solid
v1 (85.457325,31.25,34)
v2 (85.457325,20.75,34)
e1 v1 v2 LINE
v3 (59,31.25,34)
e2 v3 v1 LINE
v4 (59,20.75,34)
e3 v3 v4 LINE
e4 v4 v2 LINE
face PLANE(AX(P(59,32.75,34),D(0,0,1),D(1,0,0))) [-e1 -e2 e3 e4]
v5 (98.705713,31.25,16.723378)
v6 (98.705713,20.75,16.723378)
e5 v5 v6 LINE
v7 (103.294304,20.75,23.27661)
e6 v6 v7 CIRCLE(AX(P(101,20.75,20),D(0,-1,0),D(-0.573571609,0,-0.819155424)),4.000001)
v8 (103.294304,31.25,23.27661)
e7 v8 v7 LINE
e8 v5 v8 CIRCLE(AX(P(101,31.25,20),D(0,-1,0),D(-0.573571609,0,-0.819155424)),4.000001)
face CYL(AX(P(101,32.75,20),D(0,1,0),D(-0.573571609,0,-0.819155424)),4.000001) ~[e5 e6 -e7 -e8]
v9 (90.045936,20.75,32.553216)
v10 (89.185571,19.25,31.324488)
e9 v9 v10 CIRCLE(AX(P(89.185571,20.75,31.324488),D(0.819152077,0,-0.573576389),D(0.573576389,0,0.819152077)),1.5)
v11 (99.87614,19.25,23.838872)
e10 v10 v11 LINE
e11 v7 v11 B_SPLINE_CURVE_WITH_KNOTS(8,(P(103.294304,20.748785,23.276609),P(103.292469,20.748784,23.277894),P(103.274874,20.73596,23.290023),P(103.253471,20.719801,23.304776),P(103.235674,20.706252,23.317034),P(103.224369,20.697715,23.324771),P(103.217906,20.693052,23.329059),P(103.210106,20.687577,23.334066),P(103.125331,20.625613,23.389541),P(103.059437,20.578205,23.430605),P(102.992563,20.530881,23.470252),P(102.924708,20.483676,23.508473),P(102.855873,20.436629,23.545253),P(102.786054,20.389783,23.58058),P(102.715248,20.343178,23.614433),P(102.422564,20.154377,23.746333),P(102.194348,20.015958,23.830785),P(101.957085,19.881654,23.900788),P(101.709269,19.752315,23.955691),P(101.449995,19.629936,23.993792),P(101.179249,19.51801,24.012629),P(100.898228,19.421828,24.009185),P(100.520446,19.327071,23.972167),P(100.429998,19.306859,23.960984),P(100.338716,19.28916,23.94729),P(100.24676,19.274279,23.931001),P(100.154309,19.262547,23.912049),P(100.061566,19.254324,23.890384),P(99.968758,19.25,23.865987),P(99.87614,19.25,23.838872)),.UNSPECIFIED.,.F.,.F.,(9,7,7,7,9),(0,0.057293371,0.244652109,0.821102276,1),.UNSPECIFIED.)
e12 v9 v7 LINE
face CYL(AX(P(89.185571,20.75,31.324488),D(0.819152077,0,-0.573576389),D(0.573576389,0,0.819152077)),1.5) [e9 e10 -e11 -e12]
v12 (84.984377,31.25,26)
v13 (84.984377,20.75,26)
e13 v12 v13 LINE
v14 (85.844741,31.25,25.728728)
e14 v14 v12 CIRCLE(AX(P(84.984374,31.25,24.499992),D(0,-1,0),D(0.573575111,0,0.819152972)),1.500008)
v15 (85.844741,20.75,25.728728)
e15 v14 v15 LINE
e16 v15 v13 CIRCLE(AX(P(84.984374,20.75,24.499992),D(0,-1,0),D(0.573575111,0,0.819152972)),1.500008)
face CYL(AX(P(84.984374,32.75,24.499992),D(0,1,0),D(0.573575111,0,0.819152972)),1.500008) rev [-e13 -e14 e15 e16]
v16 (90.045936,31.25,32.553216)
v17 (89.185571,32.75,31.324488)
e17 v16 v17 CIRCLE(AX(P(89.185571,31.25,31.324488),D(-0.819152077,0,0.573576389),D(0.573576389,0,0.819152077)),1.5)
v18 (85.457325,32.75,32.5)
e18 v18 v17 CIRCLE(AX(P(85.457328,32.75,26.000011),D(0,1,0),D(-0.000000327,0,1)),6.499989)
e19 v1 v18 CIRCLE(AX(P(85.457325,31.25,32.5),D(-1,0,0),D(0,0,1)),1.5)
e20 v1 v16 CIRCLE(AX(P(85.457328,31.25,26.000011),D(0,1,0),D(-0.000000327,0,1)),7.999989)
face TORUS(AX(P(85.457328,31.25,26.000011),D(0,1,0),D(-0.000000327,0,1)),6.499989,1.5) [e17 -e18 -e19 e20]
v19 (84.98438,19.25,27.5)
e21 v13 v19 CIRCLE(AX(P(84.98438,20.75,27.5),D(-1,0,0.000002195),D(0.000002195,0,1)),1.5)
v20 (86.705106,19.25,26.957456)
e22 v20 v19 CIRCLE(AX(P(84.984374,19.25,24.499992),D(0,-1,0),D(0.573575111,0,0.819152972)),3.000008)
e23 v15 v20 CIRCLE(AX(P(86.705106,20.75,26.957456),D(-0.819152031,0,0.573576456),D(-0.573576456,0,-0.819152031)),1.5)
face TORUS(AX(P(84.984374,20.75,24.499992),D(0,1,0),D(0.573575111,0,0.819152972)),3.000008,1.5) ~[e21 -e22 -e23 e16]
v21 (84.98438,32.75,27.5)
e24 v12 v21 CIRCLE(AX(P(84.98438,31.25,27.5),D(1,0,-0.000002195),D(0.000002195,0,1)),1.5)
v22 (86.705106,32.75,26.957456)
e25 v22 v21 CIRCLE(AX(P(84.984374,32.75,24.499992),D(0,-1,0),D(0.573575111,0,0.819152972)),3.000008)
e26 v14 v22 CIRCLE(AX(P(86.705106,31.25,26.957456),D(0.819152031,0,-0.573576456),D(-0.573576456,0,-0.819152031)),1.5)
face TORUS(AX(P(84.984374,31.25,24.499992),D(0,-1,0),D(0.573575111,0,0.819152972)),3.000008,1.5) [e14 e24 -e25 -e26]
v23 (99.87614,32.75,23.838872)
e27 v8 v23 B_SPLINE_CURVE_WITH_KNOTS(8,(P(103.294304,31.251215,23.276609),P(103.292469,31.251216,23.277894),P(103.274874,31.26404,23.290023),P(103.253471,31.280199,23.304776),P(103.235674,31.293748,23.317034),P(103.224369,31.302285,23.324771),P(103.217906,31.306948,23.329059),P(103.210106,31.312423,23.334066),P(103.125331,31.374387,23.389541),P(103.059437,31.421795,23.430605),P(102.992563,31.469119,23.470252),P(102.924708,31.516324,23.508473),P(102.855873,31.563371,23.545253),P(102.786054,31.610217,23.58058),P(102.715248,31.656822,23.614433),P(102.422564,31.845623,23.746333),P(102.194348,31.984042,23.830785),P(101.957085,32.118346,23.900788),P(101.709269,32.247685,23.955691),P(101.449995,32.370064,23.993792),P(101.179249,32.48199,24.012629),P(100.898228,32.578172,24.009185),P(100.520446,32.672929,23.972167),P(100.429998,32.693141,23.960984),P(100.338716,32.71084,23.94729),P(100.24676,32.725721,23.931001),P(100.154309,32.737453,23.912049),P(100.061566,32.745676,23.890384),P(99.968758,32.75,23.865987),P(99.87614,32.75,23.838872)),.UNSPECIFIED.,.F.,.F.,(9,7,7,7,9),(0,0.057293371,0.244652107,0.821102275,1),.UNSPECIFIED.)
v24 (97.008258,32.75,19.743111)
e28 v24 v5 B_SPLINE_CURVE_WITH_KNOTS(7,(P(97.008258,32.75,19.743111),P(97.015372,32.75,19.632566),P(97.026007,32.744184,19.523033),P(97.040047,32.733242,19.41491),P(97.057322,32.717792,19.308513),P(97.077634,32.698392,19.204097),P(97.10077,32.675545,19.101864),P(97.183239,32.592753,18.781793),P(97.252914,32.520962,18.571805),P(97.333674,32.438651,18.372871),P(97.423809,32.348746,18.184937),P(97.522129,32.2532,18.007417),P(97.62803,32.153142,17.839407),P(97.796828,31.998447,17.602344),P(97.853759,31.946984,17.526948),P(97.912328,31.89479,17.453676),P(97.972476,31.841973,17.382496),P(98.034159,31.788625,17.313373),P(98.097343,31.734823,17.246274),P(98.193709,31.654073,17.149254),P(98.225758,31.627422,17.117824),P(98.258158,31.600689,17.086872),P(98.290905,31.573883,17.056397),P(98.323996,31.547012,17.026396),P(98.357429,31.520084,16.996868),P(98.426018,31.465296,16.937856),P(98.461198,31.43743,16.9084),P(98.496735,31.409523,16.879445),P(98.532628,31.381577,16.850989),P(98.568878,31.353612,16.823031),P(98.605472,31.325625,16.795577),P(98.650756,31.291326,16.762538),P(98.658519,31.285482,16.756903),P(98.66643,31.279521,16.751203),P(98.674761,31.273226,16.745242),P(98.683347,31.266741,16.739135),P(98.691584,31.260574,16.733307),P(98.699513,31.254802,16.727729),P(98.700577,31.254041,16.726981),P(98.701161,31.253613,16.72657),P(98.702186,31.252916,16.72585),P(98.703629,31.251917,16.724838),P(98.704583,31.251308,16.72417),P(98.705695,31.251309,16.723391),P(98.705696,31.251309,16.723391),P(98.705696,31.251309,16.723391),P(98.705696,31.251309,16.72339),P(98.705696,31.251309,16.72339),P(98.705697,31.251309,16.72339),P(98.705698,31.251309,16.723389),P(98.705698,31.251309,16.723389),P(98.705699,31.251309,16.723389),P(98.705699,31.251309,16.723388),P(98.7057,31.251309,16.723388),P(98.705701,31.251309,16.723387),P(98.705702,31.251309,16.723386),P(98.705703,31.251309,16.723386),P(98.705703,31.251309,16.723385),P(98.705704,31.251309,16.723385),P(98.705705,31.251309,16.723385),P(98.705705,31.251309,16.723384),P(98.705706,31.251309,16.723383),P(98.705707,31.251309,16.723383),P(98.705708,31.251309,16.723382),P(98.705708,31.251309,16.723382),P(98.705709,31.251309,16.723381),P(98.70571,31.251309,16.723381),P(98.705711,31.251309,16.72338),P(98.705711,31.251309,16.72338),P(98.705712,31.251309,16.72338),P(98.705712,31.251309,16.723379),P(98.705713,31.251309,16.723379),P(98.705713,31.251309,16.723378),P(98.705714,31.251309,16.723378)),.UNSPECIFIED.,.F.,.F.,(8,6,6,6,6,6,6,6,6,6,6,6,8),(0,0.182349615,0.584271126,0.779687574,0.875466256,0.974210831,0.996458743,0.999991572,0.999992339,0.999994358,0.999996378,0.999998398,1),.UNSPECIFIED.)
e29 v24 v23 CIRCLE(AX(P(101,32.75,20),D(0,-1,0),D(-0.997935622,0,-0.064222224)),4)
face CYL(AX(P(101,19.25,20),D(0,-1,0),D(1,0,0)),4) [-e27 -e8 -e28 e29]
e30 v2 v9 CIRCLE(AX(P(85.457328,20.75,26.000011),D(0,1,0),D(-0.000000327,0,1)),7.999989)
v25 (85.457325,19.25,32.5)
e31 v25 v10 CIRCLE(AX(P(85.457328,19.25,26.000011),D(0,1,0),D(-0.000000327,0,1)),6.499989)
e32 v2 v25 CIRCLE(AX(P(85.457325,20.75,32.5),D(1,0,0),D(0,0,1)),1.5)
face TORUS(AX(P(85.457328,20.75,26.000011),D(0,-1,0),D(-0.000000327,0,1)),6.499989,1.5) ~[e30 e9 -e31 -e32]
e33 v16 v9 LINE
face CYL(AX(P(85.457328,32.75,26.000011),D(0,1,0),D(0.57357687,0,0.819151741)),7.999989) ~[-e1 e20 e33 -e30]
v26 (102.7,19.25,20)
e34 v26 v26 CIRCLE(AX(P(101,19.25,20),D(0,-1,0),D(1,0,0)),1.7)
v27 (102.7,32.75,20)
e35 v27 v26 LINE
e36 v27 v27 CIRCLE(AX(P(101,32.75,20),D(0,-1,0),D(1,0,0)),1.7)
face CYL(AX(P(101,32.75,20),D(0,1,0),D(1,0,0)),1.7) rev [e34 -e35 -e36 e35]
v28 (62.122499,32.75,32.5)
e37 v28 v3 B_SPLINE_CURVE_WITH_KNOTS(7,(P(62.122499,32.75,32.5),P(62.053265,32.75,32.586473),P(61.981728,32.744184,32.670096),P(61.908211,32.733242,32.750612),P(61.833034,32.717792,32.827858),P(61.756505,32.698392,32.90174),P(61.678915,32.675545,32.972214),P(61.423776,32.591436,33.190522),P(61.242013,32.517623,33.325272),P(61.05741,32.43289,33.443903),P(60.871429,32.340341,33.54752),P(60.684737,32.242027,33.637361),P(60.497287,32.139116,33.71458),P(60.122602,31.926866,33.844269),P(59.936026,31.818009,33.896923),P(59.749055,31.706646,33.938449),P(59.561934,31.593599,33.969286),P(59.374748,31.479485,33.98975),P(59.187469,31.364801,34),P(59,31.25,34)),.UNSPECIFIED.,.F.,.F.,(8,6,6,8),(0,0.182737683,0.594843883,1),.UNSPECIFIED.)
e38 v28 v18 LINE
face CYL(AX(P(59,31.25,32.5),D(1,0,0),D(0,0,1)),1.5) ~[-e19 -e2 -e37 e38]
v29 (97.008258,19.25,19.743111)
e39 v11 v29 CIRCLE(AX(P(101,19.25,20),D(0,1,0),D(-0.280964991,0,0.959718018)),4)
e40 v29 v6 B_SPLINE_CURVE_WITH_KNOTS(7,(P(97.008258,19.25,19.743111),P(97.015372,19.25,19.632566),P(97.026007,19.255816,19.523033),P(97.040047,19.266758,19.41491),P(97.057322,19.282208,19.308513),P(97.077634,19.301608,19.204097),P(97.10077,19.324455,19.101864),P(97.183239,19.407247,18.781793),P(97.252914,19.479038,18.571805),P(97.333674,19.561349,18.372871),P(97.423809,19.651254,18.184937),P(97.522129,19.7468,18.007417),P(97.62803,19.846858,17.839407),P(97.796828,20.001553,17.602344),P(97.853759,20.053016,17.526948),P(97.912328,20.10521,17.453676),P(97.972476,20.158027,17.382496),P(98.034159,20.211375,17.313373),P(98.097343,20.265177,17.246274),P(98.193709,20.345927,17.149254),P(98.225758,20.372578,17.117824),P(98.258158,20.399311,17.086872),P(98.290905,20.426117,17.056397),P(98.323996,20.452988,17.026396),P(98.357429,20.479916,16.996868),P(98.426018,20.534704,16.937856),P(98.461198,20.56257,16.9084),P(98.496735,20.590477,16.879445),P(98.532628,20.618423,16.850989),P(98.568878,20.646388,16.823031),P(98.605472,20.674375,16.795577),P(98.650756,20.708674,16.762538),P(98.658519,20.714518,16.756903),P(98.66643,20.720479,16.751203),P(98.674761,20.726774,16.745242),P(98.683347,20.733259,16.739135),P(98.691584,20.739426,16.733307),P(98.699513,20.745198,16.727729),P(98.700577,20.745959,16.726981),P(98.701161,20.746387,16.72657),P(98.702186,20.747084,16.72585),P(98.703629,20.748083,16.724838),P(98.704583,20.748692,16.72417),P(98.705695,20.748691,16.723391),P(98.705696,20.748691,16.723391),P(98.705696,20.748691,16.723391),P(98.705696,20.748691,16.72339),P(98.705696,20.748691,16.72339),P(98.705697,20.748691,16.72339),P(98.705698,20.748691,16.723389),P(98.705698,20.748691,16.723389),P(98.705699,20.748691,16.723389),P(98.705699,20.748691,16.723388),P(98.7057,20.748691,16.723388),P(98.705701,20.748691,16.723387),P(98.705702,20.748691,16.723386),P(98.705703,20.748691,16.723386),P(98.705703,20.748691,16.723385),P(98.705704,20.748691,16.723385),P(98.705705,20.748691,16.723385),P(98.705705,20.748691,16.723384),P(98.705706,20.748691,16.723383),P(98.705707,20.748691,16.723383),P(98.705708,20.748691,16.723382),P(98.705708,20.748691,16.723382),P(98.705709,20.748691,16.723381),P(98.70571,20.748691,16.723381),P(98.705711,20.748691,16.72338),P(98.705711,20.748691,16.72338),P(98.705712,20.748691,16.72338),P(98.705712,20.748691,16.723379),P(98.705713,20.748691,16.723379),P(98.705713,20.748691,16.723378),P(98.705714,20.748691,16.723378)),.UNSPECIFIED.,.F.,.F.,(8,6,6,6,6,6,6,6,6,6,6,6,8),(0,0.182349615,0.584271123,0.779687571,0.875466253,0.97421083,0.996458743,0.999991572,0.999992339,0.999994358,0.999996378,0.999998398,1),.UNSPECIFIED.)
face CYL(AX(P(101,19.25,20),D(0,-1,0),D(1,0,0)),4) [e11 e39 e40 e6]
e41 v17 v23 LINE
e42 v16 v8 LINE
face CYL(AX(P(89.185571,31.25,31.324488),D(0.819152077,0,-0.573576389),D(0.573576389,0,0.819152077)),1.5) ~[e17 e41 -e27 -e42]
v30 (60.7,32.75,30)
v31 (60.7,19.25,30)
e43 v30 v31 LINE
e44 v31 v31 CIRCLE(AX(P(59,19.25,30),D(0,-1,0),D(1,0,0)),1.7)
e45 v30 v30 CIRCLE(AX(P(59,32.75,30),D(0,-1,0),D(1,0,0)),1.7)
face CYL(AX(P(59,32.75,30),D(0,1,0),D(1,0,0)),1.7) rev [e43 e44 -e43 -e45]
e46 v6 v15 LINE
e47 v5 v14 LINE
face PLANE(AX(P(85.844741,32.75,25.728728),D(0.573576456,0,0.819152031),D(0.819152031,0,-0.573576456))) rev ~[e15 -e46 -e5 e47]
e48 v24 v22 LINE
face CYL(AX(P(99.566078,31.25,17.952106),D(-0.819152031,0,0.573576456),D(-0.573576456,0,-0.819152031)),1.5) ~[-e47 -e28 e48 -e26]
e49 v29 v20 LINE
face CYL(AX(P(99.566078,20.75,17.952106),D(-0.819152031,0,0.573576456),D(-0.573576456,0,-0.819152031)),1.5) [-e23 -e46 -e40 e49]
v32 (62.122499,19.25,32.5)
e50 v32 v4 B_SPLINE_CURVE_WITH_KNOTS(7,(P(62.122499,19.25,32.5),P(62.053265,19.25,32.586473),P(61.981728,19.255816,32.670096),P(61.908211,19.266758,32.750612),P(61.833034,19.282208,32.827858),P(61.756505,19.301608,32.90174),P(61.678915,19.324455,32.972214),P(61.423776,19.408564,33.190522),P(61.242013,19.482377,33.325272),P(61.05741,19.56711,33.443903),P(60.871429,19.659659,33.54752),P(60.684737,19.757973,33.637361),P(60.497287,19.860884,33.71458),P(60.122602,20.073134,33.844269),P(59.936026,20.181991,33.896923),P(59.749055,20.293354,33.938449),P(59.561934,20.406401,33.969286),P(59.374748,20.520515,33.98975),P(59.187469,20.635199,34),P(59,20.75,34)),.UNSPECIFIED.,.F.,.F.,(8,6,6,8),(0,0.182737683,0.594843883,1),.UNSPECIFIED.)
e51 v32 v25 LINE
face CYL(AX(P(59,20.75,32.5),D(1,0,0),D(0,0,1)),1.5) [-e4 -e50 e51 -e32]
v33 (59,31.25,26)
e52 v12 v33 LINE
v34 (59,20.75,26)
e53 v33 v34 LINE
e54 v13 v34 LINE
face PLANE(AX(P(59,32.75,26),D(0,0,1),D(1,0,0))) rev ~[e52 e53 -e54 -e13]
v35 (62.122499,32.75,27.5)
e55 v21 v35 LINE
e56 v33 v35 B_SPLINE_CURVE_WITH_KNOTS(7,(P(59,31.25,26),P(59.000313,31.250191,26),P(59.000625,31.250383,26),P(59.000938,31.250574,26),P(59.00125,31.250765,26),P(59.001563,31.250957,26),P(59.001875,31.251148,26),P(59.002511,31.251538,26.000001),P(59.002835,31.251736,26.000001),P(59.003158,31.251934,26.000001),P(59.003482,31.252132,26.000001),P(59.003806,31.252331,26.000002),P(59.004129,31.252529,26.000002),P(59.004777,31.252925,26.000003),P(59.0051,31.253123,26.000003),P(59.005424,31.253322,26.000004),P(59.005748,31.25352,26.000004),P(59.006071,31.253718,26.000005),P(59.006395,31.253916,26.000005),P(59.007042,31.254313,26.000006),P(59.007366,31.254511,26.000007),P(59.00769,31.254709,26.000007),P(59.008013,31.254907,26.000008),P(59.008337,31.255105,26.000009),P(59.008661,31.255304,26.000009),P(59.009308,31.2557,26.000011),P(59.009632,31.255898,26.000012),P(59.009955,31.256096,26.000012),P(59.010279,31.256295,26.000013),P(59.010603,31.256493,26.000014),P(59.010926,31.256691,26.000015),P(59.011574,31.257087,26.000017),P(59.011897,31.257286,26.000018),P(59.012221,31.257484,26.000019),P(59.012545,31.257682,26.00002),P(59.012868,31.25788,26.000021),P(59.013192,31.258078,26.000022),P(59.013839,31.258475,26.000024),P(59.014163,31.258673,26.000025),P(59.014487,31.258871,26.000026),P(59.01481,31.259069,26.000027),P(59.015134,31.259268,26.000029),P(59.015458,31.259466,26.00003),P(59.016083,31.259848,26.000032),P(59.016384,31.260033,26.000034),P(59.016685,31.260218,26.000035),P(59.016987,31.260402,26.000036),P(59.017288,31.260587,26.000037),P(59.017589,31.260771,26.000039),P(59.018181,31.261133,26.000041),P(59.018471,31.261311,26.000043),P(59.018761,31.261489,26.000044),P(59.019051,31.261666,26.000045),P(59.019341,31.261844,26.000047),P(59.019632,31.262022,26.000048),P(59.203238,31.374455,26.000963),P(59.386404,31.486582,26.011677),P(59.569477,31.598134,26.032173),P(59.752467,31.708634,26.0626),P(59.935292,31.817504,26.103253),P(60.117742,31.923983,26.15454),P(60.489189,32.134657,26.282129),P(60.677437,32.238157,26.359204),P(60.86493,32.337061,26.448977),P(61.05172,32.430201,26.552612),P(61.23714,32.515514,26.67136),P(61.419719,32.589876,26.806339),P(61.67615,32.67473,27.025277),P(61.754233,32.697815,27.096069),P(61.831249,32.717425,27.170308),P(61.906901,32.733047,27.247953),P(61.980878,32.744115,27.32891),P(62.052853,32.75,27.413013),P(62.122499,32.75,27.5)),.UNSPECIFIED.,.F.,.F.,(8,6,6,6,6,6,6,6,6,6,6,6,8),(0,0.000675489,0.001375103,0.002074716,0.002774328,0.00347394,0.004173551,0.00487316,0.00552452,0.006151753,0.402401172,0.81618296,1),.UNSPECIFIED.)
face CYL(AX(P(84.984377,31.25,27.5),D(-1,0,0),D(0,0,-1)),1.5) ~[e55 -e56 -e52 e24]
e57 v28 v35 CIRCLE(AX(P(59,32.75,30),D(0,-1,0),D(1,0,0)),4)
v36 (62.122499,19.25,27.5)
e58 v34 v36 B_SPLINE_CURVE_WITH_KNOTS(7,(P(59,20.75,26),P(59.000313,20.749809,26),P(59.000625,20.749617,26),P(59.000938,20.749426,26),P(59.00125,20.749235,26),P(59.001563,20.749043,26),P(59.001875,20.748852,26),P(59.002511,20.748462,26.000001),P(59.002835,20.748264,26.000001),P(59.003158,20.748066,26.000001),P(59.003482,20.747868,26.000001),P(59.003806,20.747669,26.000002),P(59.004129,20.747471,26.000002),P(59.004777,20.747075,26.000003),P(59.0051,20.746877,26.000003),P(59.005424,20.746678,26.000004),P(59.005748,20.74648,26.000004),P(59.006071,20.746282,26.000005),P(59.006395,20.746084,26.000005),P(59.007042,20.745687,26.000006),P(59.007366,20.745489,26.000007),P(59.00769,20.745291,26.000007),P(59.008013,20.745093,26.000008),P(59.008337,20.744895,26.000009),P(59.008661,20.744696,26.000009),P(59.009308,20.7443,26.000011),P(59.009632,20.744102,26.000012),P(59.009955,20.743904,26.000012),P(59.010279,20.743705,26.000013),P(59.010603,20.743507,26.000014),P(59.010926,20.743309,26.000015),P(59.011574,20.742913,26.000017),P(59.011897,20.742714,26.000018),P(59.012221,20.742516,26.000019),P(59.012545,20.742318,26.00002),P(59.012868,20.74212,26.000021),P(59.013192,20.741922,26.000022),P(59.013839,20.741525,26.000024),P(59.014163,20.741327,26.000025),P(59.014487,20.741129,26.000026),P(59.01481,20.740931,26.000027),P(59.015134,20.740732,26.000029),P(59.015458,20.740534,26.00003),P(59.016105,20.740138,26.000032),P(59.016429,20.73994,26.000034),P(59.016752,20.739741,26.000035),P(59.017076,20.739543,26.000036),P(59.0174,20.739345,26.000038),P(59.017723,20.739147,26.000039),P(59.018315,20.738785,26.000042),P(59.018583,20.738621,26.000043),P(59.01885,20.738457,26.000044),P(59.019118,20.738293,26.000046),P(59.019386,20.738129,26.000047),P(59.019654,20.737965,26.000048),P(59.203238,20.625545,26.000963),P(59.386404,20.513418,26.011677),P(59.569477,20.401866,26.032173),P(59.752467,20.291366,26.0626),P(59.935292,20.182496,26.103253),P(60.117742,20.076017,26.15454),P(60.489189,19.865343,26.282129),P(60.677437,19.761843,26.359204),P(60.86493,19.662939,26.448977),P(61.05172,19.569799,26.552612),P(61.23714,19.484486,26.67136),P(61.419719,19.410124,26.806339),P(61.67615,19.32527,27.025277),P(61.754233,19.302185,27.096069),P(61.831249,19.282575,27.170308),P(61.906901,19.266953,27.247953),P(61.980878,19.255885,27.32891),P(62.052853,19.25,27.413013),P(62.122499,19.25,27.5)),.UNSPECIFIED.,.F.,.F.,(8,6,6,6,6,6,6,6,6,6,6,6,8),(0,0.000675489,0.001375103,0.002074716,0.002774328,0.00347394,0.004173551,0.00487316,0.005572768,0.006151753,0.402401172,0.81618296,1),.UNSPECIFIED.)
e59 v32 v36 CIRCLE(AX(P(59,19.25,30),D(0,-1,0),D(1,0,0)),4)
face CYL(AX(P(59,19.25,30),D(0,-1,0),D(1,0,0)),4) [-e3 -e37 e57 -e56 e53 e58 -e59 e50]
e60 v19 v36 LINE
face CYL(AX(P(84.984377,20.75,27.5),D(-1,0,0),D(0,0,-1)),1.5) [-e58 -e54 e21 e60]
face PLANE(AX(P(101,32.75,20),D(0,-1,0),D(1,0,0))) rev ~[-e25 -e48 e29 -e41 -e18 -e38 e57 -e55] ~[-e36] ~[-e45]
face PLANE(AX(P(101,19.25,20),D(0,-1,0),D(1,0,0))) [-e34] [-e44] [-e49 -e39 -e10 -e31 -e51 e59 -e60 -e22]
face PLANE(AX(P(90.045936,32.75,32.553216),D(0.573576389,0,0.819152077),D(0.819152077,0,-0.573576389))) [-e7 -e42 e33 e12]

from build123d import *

# Parameters (mm, degrees)
SKETCH007_R              = 1.7
PAD019_DEPTH             = 13.5
FILLET006_R              = 1.5
SKETCH035_R              = 4
SKETCH035_R_2            = 1.7
PAD020_DEPTH             = 13.5
CLONE161_PLACEMENT_ANGLE = 180


with BuildPart() as part:
    # Sketch007 → Pad019 (new body)
    with BuildSketch(Plane(origin=(0, 19.25, 0), x_dir=(-1, 0, 0), z_dir=(0, 1, 0))):
        with BuildLine():
            ThreePointArc((12, 26), (8, 22), (12, 18))
            Line((12, 18), (37.984377, 18))
            ThreePointArc((38.844741, 17.728728), (38.435435, 17.930575), (37.984377, 18))
            Line((38.844741, 17.728728), (51.705713, 8.723378))
            ThreePointArc((51.705713, 8.723378), (57.276616, 9.705705), (56.294304, 15.27661))
            Line((43.045936, 24.553216), (56.294304, 15.27661))
            ThreePointArc((43.045936, 24.553216), (40.862971, 25.629736), (38.457325, 26))
            Line((12, 26), (38.457325, 26))
        make_face()
        with Locations((12, 22)):
            Circle(SKETCH007_R, mode=Mode.SUBTRACT)
        with Locations((54, 12)):
            Circle(SKETCH007_R, mode=Mode.SUBTRACT)
    extrude(amount=PAD019_DEPTH)

    # Fillet006
    fillet006_edges = [part.edges().sort_by_distance(p)[0] for p in [
        (-49.67012, 32.75, 19.914913),
        (-49.67012, 19.25, 19.914913),
    ]]
    fillet(fillet006_edges, radius=FILLET006_R)

    # Sketch035 (on Face12 of Fillet006) → Pad020 (join)
    with BuildSketch(Plane(origin=(0, 32.75, 0), x_dir=(-1, 0, 0), z_dir=(0, 1, 0))):
        with Locations((54, 12)):
            Circle(SKETCH035_R)
        with Locations((54, 12)):
            Circle(SKETCH035_R_2, mode=Mode.SUBTRACT)
        with Locations((12, 22)):
            Circle(SKETCH035_R)
        with Locations((12, 22)):
            Circle(SKETCH035_R_2, mode=Mode.SUBTRACT)
    extrude(amount=-PAD020_DEPTH)


with BuildPart() as part_1:
    # Body002 placement: moved
    add(part.part.moved(Location((0, -5, 0))))


with BuildPart() as part_2:
    # Clone161 placement: moved
    add(part_1.part.moved(Location((47, 47, 8))).rotate(Axis((47, 47, 8), (0, 0, 1)), CLONE161_PLACEMENT_ANGLE))


solid = part_2.part
